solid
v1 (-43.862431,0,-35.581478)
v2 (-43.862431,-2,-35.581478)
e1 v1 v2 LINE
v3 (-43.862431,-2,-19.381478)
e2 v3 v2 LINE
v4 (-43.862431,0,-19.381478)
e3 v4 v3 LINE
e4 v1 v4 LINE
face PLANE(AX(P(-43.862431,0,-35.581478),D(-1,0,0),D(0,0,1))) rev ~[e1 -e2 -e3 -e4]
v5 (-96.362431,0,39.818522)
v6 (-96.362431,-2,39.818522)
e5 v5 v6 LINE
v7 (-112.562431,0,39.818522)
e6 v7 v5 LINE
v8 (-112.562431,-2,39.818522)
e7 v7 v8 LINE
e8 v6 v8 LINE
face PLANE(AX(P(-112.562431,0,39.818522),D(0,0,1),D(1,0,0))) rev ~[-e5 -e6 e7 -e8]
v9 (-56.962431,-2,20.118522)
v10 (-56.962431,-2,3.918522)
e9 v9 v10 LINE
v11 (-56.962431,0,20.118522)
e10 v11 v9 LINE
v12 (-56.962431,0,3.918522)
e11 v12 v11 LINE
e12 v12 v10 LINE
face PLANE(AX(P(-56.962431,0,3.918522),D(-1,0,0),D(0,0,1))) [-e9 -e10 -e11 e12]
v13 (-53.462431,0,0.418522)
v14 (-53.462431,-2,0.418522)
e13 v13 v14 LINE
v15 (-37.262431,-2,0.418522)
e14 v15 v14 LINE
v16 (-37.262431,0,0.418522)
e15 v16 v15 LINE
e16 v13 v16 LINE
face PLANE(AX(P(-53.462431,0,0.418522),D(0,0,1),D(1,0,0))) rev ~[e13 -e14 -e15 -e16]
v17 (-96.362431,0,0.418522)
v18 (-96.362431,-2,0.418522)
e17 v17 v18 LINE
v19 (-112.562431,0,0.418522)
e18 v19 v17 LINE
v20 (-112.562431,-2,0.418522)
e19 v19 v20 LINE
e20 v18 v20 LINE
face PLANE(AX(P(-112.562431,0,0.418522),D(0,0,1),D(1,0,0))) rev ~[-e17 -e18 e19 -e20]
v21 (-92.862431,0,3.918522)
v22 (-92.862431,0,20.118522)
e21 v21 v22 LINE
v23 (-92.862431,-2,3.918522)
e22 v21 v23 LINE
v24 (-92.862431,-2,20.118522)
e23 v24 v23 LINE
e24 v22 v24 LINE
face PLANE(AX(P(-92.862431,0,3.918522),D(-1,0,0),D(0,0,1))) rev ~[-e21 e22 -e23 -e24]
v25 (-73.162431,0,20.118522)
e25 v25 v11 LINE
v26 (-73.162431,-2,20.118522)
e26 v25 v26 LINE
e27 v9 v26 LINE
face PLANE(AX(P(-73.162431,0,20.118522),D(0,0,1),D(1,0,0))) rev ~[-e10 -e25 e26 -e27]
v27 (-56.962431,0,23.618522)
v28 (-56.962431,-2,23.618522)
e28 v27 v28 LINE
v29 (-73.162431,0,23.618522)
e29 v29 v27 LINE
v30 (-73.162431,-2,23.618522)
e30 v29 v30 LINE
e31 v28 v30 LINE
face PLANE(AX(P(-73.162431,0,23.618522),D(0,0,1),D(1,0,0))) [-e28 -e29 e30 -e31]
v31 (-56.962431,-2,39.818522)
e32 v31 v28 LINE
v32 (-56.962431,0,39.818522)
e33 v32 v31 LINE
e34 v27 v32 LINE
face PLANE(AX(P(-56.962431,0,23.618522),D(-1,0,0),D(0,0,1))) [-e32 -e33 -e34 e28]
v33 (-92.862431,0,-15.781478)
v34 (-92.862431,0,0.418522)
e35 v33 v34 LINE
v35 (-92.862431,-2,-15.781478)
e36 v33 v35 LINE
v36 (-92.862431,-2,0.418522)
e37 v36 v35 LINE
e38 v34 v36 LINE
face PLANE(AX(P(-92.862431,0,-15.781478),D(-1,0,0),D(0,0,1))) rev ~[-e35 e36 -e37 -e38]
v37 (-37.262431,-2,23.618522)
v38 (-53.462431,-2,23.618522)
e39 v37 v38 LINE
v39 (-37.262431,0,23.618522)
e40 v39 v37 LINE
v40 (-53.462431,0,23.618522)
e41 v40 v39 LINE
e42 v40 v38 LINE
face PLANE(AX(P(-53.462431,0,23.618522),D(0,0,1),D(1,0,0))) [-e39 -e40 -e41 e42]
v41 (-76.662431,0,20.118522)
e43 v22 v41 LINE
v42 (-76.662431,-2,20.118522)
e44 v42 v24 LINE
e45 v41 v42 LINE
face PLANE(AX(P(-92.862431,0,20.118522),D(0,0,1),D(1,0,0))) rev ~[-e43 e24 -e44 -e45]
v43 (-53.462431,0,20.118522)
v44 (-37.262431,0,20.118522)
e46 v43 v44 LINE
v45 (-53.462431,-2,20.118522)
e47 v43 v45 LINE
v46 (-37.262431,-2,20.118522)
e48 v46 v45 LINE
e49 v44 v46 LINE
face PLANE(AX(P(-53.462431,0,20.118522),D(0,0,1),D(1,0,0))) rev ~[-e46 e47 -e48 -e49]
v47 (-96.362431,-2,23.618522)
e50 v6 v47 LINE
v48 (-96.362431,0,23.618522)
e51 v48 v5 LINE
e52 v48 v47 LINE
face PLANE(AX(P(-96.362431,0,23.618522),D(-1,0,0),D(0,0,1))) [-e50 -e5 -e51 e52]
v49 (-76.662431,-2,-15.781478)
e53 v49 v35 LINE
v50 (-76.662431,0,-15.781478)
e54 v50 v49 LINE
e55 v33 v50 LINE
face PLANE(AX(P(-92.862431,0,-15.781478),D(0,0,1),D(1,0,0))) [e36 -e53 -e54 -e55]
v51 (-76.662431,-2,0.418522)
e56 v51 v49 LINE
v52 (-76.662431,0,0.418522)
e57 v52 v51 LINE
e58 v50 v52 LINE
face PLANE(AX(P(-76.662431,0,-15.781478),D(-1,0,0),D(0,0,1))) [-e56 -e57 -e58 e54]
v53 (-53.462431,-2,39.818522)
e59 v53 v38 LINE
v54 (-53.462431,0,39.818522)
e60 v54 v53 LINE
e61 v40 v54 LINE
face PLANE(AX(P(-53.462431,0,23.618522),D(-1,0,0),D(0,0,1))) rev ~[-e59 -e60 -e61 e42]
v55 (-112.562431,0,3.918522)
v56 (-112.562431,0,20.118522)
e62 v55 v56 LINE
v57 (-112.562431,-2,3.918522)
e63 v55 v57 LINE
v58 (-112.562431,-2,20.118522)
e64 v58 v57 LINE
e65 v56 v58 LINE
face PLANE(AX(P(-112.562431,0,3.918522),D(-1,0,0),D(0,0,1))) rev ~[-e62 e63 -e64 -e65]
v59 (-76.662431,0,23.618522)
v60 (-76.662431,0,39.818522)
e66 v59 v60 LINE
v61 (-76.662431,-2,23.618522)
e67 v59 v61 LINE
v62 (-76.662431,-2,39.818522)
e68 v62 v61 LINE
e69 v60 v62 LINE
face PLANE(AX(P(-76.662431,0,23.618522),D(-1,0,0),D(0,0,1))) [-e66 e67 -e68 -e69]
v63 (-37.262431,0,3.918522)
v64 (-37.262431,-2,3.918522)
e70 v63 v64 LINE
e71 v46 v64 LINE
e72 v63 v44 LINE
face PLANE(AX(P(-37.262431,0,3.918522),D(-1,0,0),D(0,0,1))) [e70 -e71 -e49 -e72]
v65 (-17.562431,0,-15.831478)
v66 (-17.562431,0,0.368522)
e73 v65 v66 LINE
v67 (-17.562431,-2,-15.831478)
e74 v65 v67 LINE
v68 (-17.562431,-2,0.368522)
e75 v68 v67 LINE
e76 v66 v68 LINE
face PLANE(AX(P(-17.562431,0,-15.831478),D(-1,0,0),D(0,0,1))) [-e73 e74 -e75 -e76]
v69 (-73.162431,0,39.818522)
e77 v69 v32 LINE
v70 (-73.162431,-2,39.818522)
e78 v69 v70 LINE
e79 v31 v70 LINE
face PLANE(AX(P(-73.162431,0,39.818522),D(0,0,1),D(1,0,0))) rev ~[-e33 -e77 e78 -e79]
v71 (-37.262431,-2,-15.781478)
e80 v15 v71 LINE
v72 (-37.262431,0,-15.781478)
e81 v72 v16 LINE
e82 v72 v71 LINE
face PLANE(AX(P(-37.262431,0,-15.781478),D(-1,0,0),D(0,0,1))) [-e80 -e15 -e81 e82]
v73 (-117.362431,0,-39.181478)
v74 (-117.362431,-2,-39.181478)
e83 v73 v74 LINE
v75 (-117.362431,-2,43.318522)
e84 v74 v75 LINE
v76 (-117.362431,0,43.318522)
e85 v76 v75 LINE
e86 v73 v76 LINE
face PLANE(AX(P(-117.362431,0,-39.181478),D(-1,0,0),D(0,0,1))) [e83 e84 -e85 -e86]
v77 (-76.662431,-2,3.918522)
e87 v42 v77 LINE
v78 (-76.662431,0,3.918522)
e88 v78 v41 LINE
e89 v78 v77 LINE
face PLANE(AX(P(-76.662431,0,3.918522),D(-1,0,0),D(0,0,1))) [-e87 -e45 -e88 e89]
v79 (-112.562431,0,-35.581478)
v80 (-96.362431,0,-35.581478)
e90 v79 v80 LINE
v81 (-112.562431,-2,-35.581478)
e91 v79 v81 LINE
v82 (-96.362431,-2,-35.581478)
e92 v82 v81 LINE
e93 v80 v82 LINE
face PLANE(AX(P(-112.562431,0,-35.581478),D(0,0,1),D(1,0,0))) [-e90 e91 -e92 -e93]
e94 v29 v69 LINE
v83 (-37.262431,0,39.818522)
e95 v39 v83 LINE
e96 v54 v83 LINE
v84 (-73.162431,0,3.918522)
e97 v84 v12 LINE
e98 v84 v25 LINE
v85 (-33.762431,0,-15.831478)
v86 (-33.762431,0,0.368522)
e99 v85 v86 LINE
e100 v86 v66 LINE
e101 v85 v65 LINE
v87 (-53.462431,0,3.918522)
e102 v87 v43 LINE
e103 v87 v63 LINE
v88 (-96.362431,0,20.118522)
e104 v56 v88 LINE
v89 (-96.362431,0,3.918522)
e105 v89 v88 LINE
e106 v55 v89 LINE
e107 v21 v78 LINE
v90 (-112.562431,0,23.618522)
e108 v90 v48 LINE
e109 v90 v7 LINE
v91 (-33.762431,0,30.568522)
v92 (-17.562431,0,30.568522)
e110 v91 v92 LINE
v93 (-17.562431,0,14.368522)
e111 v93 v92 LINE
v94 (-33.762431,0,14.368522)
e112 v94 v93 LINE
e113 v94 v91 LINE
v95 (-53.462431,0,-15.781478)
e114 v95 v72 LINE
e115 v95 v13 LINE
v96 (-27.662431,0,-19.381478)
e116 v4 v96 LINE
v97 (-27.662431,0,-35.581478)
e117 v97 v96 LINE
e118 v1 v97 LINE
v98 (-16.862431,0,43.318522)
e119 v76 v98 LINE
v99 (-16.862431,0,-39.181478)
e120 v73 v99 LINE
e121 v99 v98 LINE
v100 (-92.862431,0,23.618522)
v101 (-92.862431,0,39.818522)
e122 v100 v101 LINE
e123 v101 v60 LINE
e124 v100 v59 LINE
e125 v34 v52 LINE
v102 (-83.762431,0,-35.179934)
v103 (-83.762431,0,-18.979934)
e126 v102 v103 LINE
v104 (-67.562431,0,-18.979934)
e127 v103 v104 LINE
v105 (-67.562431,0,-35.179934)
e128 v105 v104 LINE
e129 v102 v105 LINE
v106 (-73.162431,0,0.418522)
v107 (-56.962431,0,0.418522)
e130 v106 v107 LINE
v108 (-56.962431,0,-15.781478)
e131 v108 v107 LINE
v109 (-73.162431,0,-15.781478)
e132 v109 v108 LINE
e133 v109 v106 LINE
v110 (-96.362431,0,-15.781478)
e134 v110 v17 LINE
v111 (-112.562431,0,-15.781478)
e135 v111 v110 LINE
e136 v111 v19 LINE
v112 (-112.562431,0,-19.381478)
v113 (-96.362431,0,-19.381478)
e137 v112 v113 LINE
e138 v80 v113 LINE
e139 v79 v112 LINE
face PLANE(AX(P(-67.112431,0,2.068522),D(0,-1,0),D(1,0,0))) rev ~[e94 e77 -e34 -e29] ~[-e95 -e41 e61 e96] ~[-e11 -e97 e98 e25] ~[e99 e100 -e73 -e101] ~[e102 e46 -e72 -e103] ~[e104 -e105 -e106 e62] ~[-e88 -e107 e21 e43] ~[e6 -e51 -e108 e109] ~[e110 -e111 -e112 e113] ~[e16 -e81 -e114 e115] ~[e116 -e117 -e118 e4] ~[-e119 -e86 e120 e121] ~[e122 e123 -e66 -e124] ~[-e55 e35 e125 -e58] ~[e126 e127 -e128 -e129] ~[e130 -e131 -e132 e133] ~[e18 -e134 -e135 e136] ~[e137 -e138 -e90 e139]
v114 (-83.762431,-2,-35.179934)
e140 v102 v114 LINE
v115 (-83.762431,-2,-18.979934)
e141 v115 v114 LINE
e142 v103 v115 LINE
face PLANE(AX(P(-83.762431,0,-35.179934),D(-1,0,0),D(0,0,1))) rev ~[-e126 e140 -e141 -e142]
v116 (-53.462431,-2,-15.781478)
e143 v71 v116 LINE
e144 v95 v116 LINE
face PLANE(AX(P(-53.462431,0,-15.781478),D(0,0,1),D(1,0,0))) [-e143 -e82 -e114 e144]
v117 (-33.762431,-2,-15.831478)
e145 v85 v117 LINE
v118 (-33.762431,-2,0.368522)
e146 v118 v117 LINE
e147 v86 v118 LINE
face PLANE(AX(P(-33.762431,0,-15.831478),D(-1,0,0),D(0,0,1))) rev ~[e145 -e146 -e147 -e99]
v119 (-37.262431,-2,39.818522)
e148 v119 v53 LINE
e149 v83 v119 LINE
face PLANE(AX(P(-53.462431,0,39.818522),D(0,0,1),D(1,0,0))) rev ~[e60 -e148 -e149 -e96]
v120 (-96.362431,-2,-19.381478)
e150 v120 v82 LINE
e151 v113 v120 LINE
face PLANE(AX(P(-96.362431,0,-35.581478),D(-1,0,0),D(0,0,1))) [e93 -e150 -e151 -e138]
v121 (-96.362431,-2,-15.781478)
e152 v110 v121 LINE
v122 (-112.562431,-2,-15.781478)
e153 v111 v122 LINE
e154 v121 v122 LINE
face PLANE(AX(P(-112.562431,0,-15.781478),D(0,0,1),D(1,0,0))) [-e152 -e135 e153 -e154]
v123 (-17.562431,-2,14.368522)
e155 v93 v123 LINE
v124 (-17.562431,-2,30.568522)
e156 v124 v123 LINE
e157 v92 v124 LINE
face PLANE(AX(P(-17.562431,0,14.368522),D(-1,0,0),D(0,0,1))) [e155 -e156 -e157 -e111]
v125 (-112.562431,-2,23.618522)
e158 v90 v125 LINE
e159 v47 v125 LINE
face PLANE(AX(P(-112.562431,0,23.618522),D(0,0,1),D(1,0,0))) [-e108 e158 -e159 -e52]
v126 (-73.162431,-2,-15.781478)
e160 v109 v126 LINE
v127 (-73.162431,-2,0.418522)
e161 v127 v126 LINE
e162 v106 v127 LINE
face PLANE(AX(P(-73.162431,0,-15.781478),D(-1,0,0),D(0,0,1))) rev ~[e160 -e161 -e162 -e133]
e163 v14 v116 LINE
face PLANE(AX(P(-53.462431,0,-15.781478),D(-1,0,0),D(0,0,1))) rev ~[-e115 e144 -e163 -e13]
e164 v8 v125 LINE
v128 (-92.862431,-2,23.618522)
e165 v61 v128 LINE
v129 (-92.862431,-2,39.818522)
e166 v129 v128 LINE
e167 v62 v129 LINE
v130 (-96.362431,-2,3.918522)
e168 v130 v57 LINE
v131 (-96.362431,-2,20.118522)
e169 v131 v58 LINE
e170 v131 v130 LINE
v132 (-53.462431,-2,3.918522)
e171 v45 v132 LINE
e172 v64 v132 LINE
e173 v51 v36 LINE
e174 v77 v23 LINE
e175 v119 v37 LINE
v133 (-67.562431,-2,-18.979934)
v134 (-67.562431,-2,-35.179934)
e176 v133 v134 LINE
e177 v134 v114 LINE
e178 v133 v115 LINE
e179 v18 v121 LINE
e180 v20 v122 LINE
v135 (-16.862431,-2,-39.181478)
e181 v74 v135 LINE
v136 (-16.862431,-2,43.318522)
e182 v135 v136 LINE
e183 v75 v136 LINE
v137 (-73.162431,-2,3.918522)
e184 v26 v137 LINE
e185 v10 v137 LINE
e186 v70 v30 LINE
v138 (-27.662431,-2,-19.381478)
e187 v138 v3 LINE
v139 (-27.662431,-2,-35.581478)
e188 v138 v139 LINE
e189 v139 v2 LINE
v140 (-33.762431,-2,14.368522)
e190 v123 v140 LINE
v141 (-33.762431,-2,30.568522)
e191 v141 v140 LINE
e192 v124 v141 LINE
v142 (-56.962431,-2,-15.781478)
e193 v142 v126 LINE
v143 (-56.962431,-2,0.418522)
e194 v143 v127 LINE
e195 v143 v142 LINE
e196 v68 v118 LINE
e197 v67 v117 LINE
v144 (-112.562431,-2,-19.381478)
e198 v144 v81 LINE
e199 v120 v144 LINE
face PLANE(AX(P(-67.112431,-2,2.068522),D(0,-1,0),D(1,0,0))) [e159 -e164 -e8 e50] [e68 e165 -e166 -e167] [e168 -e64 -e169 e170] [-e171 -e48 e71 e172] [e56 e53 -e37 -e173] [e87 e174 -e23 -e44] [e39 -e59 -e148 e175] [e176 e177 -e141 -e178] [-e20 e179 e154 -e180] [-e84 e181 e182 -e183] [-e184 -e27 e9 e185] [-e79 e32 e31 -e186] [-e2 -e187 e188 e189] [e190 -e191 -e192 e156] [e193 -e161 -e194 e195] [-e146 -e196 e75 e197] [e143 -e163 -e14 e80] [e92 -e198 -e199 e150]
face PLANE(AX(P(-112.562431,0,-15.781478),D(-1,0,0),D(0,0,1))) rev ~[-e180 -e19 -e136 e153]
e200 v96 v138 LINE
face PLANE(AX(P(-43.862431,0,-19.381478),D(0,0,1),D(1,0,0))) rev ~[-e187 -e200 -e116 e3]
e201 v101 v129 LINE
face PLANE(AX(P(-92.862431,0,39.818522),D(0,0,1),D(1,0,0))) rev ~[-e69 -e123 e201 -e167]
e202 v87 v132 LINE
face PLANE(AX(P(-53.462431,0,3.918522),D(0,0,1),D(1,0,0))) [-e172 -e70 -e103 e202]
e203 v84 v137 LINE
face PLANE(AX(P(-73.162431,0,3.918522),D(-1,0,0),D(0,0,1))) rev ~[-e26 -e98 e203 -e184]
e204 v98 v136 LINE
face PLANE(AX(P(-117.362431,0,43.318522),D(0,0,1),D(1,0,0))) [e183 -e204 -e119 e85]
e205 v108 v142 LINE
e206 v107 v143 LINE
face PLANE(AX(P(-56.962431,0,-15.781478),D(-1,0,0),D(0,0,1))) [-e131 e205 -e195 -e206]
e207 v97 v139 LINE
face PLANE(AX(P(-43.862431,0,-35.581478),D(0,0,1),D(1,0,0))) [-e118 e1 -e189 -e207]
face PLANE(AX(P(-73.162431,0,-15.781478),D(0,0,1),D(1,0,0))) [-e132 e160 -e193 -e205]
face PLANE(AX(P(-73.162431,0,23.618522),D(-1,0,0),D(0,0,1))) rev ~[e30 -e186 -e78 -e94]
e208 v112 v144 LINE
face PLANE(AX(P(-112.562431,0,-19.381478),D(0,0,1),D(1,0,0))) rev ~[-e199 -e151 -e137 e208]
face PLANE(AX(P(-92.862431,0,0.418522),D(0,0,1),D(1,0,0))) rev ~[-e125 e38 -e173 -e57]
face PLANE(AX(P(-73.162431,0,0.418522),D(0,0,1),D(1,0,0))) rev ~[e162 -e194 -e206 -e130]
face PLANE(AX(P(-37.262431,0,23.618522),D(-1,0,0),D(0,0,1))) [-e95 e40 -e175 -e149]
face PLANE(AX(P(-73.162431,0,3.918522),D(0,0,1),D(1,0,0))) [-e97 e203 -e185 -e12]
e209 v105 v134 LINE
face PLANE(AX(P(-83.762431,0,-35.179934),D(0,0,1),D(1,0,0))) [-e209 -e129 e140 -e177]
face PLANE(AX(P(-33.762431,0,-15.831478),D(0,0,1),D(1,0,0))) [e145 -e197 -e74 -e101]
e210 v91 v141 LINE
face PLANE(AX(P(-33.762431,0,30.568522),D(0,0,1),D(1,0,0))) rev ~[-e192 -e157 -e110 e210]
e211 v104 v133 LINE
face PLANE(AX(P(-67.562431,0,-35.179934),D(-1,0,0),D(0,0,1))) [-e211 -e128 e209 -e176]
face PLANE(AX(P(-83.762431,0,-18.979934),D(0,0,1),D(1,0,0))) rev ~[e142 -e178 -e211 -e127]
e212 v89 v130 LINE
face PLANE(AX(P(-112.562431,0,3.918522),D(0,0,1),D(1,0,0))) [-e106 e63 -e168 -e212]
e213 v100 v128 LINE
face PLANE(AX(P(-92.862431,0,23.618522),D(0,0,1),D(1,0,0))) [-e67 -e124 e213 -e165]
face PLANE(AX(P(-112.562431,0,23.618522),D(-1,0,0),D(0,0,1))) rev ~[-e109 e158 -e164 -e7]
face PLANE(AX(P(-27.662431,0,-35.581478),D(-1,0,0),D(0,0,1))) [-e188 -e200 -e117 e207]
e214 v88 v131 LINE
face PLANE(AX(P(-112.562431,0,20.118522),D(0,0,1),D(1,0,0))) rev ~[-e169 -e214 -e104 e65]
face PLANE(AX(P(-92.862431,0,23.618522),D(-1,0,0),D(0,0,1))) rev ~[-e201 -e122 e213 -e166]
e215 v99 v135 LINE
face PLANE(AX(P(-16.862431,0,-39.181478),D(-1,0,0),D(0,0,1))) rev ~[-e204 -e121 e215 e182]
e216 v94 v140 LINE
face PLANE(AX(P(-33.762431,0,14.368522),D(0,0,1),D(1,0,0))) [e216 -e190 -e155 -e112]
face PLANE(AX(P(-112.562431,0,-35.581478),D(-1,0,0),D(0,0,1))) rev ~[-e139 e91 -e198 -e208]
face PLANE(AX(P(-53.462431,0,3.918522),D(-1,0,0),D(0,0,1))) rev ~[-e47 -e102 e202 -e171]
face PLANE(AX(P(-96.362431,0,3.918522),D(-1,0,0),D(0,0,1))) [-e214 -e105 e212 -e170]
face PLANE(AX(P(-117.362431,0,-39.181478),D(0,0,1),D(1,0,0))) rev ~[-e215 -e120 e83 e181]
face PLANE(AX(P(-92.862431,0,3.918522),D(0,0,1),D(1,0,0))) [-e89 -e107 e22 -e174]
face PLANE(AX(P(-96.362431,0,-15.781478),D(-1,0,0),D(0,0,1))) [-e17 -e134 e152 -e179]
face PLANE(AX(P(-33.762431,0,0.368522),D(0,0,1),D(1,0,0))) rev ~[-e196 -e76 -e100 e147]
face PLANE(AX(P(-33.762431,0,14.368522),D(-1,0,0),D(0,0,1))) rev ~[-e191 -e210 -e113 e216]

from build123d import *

# Parameters (mm, degrees)
F0_W     = 100.5
F0_H     = 82.5
F1_DEPTH = 2
F2_W     = 16.2
F2_H     = 16.2
F3_DEPTH = 25


with BuildPart() as f1:
    # F0 (on Front) → F1 (new body)
    with BuildSketch(Plane.XZ):
        with Locations((-67.112431, 2.068522)):
            Rectangle(F0_W, F0_H)
    extrude(amount=F1_DEPTH)

    # F2 (on Front) → F3 (cut)
    with BuildSketch(Plane.XZ):
        with Locations((-104.462431, 31.718522)):
            Rectangle(F2_W, F2_H)
        with Locations((-104.462431, 12.018522)):
            Rectangle(F2_W, F2_H)
        with Locations((-104.462431, -7.681478)):
            Rectangle(F2_W, F2_H)
        with Locations((-104.462431, -27.481478)):
            Rectangle(F2_W, F2_H)
        with Locations((-84.762431, 31.718522)):
            Rectangle(F2_W, F2_H)
        with Locations((-84.762431, 12.018522)):
            Rectangle(F2_W, F2_H)
        with Locations((-84.762431, -7.681478)):
            Rectangle(F2_W, F2_H)
        with Locations((-65.062431, 31.718522)):
            Rectangle(F2_W, F2_H)
        with Locations((-65.062431, 12.018522)):
            Rectangle(F2_W, F2_H)
        with Locations((-65.062431, -7.681478)):
            Rectangle(F2_W, F2_H)
        with Locations((-45.362431, 31.718522)):
            Rectangle(F2_W, F2_H)
        with Locations((-45.362431, 12.018522)):
            Rectangle(F2_W, F2_H)
        with Locations((-45.362431, -7.681478)):
            Rectangle(F2_W, F2_H)
        with Locations((-75.662431, -27.079934)):
            Rectangle(F2_W, F2_H)
        with Locations((-35.762431, -27.481478)):
            Rectangle(F2_W, F2_H)
        with Locations((-25.662431, -7.731478)):
            Rectangle(F2_W, F2_H)
        with Locations((-25.662431, 22.468522)):
            Rectangle(F2_W, F2_H)
    extrude(amount=F3_DEPTH, mode=Mode.SUBTRACT)


solid = f1.part
